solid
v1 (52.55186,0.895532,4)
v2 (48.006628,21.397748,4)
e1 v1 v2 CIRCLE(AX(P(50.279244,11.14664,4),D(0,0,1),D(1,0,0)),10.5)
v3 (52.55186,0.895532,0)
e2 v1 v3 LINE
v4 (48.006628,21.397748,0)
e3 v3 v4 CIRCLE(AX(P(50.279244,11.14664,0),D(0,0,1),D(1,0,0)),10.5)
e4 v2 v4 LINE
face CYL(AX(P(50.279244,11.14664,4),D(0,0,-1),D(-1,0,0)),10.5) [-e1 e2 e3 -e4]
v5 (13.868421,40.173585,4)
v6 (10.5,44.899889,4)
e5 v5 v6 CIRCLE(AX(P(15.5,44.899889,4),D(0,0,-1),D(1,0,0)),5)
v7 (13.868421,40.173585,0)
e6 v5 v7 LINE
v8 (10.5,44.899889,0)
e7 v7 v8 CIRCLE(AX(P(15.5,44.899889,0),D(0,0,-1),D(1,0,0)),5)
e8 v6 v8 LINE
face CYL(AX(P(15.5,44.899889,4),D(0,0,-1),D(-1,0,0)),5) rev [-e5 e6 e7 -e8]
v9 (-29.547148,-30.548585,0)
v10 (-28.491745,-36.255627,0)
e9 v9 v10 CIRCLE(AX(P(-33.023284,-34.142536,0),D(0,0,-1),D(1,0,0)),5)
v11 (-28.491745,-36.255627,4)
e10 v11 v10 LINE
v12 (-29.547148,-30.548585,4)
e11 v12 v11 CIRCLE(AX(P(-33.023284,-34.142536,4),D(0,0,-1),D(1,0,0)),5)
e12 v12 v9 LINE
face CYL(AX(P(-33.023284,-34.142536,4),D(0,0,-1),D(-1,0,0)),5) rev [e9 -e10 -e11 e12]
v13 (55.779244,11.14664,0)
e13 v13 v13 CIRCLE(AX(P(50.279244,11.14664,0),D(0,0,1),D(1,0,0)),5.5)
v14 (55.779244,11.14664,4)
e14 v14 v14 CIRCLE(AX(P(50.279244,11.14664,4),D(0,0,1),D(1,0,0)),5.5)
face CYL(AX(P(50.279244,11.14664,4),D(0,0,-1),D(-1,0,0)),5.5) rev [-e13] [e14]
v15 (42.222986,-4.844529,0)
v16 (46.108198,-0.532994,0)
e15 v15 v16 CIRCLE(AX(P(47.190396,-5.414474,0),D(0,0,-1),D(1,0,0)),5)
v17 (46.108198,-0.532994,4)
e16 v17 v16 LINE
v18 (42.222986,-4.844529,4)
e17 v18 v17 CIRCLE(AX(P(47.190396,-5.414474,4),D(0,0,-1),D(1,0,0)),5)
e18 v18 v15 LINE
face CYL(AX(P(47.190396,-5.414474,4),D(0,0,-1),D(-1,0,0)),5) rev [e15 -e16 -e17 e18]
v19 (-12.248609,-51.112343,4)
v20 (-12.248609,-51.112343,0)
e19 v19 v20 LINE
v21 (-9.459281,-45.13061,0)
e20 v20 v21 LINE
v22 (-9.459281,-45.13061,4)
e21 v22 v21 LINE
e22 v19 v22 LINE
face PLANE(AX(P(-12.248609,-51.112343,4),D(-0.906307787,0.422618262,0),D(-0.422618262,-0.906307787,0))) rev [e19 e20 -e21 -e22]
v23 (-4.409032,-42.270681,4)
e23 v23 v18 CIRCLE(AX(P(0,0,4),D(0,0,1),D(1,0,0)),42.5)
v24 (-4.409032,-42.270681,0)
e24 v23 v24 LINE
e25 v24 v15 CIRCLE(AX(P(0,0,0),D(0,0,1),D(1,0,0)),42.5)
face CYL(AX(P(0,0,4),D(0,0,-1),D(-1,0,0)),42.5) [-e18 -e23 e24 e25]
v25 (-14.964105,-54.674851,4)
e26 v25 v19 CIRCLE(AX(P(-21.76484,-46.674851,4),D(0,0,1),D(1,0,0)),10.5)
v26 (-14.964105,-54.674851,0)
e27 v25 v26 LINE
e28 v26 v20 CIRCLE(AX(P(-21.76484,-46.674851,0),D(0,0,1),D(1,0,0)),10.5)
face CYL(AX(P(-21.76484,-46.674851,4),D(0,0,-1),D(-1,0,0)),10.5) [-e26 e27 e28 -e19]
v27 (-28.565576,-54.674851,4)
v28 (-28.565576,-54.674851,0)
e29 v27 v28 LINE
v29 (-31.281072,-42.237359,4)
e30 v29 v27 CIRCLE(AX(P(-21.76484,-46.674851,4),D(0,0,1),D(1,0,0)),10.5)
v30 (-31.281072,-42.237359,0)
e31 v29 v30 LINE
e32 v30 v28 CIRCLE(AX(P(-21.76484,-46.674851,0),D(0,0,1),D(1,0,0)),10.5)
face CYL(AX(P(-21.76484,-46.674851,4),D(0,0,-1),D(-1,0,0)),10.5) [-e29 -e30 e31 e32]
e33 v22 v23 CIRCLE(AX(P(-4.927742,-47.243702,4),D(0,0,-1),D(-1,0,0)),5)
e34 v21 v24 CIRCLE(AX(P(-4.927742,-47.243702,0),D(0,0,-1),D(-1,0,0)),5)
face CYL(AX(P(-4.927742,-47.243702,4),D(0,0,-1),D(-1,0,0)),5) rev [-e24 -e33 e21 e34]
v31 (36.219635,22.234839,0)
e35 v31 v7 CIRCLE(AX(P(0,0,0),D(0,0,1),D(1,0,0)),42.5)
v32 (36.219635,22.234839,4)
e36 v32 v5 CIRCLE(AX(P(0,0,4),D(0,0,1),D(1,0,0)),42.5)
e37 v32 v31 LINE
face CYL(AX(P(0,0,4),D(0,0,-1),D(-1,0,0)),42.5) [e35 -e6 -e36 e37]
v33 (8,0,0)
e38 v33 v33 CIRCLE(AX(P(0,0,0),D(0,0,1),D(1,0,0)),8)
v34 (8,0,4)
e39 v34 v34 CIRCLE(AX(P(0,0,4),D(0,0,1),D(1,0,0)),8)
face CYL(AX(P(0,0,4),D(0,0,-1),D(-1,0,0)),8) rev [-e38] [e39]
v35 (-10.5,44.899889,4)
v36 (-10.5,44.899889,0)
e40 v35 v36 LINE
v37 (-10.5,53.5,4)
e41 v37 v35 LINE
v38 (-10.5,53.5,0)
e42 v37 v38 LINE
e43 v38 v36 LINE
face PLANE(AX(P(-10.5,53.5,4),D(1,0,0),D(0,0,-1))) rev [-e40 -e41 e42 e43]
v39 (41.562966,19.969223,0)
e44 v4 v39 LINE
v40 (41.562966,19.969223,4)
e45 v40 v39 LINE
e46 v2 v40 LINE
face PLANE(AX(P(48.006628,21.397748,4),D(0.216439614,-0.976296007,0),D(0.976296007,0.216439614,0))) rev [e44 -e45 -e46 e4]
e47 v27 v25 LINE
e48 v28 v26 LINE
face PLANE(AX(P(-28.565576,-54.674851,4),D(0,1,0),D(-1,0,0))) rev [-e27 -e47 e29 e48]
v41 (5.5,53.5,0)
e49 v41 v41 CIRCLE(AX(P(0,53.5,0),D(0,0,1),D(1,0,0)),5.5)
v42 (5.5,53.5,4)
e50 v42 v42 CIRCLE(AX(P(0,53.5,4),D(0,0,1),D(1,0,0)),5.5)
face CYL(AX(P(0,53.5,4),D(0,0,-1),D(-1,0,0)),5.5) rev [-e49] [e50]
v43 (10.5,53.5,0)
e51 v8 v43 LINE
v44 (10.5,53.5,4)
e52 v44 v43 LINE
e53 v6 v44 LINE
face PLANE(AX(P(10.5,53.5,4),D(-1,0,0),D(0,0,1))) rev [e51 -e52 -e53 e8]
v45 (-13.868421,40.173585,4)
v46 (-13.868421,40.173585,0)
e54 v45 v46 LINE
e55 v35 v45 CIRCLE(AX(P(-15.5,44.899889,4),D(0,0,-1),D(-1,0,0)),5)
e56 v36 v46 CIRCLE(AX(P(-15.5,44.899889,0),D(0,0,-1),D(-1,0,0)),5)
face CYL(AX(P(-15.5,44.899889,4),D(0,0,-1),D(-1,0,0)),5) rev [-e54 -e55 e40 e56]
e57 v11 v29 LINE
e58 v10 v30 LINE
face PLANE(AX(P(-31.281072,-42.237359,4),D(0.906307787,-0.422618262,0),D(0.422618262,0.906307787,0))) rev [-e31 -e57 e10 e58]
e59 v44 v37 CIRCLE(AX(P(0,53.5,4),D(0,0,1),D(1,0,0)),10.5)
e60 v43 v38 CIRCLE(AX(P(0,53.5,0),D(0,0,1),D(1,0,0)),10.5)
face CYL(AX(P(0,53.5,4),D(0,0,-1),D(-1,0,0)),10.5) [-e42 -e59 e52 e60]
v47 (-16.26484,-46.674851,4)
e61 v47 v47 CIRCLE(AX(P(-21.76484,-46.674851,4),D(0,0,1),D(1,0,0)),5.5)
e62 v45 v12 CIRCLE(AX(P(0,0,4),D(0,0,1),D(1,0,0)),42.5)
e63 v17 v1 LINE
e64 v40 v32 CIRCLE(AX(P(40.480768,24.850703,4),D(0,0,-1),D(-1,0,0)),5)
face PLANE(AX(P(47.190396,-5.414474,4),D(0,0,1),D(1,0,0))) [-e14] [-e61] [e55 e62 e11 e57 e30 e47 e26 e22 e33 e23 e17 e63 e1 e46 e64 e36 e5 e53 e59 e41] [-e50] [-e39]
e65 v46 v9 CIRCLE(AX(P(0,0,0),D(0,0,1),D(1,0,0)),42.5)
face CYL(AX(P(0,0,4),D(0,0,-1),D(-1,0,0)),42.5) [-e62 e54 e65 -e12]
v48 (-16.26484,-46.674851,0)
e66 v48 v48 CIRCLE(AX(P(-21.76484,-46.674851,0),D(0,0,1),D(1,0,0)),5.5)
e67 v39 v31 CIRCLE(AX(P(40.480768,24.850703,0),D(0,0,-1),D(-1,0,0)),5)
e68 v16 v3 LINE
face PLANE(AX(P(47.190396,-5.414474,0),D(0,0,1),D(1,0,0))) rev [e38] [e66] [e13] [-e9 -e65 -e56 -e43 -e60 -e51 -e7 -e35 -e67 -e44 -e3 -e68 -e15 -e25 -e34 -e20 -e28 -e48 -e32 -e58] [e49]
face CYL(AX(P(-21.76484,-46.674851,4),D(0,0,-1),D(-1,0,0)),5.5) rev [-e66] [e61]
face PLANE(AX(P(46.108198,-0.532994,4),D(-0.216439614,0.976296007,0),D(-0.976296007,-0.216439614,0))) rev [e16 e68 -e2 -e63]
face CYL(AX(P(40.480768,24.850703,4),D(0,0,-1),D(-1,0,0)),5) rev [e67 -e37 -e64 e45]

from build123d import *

# Parameters (mm, degrees)
SKETCH1_R           = 5.5
SKETCH1_R_2         = 8
BOSS_EXTRUDE1_DEPTH = 4


with BuildPart() as part:
    # Sketch1 → Boss-Extrude1 (new body)
    with BuildSketch(Plane.XY):
        with BuildLine():
            Line((-31.281072244, -42.237359284), (-28.491744654, -36.255626964))
            ThreePointArc((-28.491744654, -36.255626964), (-28.106649146, -33.233302048), (-29.547148474, -30.548584534))
            ThreePointArc((-29.547148474, -30.548584534), (-41.492580303, 9.198683592), (-13.868421053, 40.173584574))
            ThreePointArc((-13.868421053, 40.173584574), (-11.428274645, 41.997983641), (-10.5, 44.899888641))
            Line((-10.5, 44.899888641), (-10.5, 53.5))
            ThreePointArc((-10.5, 53.5), (0, 64), (10.5, 53.5))
            Line((10.5, 53.5), (10.5, 44.899888641))
            ThreePointArc((10.5, 44.899888641), (11.428274645, 41.997983641), (13.868421053, 40.173584574))
            ThreePointArc((13.868421053, 40.173584574), (26.601747568, 33.145090531), (36.219634513, 22.234839234))
            ThreePointArc((36.219634513, 22.234839234), (38.528932384, 20.247406269), (41.562966054, 19.969222638))
            Line((41.562966054, 19.969222638), (48.00662842, 21.397748193))
            ThreePointArc((48.00662842, 21.397748193), (60.530352441, 13.419256064), (52.551860313, 0.895532043))
            Line((52.551860313, 0.895532043), (46.108197947, -0.532993511))
            ThreePointArc((46.108197947, -0.532993511), (43.475995088, -2.067351539), (42.22298591, -4.844528963))
            ThreePointArc((42.22298591, -4.844528963), (26.601747568, -33.145090531), (-4.409032487, -42.270680531))
            ThreePointArc((-4.409032487, -42.270680531), (-7.39158054, -42.892897179), (-9.459281126, -45.130610461))
            Line((-9.459281126, -45.130610461), (-12.248608716, -51.112342781))
            ThreePointArc((-12.248608716, -51.112342781), (-13.414168685, -53.040091057), (-14.964105225, -54.674851032))
            Line((-14.964105225, -54.674851032), (-28.565575734, -54.674851032))
            ThreePointArc((-28.565575734, -54.674851032), (-32.023186029, -48.914571235), (-31.281072244, -42.237359284))
        make_face()
        with Locations((50.279244367, 11.146640118)):
            Circle(SKETCH1_R, mode=Mode.SUBTRACT)
        with Locations((0, 53.5)):
            Circle(SKETCH1_R, mode=Mode.SUBTRACT)
        with Locations((-21.76484048, -46.674851032)):
            Circle(SKETCH1_R, mode=Mode.SUBTRACT)
        Circle(SKETCH1_R_2, mode=Mode.SUBTRACT)
    extrude(amount=BOSS_EXTRUDE1_DEPTH)


solid = part.part
